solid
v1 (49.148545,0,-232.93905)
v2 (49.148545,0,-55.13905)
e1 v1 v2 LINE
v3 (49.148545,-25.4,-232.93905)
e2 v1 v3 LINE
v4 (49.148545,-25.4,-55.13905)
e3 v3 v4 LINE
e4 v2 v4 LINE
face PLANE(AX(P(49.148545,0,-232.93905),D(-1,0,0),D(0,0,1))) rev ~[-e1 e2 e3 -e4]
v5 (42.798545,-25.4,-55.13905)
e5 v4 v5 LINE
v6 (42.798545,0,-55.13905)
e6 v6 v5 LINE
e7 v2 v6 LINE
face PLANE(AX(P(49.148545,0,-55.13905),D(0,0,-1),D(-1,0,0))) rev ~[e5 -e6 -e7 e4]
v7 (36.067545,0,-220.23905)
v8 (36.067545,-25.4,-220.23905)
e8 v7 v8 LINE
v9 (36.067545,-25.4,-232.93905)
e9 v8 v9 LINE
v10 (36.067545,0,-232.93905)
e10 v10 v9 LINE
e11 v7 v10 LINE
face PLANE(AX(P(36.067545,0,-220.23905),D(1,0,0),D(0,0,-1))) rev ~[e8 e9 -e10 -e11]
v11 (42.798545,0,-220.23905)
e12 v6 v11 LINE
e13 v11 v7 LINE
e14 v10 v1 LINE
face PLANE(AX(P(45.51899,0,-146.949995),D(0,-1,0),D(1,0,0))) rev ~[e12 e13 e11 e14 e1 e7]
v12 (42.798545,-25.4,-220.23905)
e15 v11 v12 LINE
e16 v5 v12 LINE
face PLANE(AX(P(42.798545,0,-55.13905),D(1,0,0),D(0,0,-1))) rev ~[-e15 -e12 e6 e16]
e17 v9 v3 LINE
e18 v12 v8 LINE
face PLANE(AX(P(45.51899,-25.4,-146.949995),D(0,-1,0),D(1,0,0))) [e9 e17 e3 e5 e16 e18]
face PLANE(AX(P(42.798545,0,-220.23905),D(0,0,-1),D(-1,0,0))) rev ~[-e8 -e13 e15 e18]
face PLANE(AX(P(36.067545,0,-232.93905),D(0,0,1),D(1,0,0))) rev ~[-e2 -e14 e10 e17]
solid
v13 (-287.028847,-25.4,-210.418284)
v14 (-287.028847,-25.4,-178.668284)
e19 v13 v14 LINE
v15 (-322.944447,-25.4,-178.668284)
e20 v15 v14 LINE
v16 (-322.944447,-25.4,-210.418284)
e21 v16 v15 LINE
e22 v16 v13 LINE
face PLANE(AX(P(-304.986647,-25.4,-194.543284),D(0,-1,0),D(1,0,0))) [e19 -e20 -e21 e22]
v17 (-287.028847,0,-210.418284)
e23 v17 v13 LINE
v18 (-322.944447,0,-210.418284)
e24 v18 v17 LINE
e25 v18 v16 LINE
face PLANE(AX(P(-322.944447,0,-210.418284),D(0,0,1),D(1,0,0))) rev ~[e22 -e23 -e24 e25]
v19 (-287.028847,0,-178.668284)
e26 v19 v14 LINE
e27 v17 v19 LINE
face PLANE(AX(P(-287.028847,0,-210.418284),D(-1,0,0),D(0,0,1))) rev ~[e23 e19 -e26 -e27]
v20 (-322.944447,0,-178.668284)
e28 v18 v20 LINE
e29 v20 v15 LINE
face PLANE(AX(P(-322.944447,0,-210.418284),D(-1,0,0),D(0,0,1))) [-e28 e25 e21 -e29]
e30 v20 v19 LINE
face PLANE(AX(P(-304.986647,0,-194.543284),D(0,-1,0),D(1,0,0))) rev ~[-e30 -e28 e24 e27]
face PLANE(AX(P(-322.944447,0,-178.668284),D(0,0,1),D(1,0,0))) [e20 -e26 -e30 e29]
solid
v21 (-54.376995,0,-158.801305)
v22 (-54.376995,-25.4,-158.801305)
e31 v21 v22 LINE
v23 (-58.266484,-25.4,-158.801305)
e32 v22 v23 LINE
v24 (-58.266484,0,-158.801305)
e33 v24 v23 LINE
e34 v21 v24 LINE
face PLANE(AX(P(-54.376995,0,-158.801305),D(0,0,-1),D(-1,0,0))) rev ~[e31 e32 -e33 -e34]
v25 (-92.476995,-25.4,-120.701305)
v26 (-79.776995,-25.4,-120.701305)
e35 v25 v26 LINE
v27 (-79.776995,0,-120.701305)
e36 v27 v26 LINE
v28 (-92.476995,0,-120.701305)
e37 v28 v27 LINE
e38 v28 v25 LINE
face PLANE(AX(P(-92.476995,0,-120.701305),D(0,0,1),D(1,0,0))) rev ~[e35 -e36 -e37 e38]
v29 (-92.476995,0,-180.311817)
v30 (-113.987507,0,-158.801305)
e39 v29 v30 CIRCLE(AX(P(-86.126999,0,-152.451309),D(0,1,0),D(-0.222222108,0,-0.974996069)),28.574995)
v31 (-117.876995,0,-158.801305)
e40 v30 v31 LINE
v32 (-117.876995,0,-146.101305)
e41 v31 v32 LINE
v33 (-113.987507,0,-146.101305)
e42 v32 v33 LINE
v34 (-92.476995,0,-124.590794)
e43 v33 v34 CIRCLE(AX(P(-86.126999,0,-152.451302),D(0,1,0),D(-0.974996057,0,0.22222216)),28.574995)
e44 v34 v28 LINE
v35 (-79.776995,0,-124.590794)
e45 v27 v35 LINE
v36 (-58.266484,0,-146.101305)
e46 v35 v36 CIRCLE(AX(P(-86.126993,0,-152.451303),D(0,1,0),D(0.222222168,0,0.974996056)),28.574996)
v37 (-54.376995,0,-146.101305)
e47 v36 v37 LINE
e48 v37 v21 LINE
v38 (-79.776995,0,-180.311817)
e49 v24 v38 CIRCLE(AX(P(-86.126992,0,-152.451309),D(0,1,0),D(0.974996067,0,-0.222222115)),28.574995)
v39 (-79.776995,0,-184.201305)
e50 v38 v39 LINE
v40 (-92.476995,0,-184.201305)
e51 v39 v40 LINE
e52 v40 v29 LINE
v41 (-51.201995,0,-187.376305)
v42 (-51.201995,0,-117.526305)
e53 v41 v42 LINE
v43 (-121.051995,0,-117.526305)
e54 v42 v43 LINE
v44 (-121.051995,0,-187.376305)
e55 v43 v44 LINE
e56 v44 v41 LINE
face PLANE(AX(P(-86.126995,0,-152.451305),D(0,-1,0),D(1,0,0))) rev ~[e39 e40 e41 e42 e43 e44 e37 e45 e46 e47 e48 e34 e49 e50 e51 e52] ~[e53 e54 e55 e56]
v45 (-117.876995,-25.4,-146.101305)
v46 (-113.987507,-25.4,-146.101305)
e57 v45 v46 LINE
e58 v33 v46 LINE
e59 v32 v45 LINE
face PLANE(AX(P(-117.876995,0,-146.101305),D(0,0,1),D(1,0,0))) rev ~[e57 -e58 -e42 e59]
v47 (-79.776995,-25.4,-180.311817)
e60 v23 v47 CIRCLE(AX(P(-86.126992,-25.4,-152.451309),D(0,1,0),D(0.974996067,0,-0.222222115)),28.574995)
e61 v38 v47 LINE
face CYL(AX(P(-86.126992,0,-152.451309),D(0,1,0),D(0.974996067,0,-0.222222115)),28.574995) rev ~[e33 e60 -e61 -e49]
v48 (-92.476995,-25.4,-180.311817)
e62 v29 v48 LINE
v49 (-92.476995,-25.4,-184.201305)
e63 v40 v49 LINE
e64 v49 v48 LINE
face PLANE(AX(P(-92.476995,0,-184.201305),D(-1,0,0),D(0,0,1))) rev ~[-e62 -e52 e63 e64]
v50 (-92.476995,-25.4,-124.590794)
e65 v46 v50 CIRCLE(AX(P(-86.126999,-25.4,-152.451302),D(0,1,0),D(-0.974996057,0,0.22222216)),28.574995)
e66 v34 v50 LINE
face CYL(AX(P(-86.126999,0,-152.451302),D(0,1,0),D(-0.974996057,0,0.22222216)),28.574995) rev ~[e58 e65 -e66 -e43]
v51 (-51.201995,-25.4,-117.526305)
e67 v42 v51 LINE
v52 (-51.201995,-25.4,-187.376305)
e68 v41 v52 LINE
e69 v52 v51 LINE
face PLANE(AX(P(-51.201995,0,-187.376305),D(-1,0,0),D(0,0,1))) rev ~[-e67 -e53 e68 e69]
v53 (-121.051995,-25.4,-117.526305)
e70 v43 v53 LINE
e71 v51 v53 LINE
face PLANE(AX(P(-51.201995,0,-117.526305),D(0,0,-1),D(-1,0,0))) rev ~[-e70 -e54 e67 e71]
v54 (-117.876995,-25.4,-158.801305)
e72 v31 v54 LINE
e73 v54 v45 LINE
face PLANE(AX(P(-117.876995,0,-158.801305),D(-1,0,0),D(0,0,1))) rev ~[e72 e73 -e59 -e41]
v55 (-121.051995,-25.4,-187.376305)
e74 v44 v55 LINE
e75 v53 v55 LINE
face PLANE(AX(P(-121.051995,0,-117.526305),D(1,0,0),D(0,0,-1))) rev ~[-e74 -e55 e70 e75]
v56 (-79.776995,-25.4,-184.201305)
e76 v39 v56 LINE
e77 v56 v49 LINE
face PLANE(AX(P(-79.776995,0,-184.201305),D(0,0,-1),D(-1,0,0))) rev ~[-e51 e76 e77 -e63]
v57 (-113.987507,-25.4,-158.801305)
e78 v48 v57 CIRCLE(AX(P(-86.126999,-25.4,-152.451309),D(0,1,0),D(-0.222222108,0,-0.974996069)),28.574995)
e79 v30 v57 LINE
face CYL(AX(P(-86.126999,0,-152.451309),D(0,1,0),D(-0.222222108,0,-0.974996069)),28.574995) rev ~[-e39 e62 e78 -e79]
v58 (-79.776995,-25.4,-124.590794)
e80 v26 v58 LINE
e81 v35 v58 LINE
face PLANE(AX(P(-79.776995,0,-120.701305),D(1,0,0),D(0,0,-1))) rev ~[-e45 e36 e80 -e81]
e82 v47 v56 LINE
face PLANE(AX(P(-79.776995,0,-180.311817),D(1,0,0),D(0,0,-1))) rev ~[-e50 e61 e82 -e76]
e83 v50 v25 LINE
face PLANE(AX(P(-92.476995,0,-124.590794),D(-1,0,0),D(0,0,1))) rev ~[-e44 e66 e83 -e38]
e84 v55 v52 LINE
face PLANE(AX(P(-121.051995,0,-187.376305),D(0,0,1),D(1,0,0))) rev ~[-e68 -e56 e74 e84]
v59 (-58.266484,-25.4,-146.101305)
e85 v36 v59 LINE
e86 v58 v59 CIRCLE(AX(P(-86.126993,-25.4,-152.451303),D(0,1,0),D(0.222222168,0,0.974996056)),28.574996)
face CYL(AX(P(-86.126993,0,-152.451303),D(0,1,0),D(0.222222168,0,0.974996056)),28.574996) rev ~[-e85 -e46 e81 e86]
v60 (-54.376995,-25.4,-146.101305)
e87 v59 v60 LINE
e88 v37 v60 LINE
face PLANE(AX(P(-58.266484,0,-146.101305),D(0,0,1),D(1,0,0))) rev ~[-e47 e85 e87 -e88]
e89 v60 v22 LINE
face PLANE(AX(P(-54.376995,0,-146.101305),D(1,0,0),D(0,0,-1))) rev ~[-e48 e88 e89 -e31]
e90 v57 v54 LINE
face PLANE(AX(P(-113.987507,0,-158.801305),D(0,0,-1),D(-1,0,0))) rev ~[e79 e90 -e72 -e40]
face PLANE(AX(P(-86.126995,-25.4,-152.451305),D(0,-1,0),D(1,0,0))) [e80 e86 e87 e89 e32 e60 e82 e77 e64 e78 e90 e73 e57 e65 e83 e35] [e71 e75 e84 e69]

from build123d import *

# Parameters (mm, degrees)
F0_W     = 35.9156
F0_H     = 31.75
F1_DEPTH = 25.4


with BuildPart() as f1:
    # F0 (on Front) → F1 (new body)
    with BuildSketch(Plane.XZ):
        Polygon((-92.476995, -117.526305), (-121.051995, -117.526305), (-121.051995, -146.101305), (-121.051995, -158.801305), (-121.051995, -187.376305), (-92.476995, -187.376305), (-86.126995, -187.376305), (-79.776995, -187.376305), (-51.201995, -187.376305), (-51.201995, -158.801305), (-51.201995, -152.451305), (-51.201995, -146.101305), (-51.201995, -117.526305), (-79.776995, -117.526305), (-86.126995, -117.526305), align=None)
        with BuildLine():
            ThreePointArc((-92.476995, -180.311817), (-106.332572, -172.656882), (-113.987507, -158.801305))
            Line((-113.987507, -158.801305), (-117.519751, -158.801305))
            Line((-117.519751, -158.801305), (-117.876995, -158.801305))
            Line((-117.876995, -158.801305), (-117.876995, -152.451305))
            Line((-117.876995, -152.451305), (-117.876995, -146.101305))
            Line((-117.876995, -146.101305), (-117.519751, -146.101305))
            Line((-117.519751, -146.101305), (-113.987507, -146.101305))
            ThreePointArc((-113.987507, -146.101305), (-106.332572, -132.245729), (-92.476995, -124.590794))
            Line((-92.476995, -124.590794), (-92.476995, -121.058549))
            Line((-92.476995, -121.058549), (-92.476995, -120.701305))
            Line((-92.476995, -120.701305), (-86.126995, -120.701305))
            Line((-86.126995, -120.701305), (-79.776995, -120.701305))
            Line((-79.776995, -120.701305), (-79.776995, -121.058549))
            Line((-79.776995, -121.058549), (-79.776995, -124.590794))
            ThreePointArc((-79.776995, -124.590794), (-65.921419, -132.245729), (-58.266484, -146.101305))
            Line((-58.266484, -146.101305), (-54.734239, -146.101305))
            Line((-54.734239, -146.101305), (-54.376995, -146.101305))
            Line((-54.376995, -146.101305), (-54.376995, -152.451305))
            Line((-54.376995, -152.451305), (-54.376995, -158.801305))
            Line((-54.376995, -158.801305), (-54.734239, -158.801305))
            Line((-54.734239, -158.801305), (-58.266484, -158.801305))
            ThreePointArc((-58.266484, -158.801305), (-65.921419, -172.656882), (-79.776995, -180.311817))
            Line((-79.776995, -180.311817), (-79.776995, -183.844061))
            Line((-79.776995, -183.844061), (-79.776995, -184.201305))
            Line((-79.776995, -184.201305), (-86.126995, -184.201305))
            Line((-86.126995, -184.201305), (-92.476995, -184.201305))
            Line((-92.476995, -184.201305), (-92.476995, -183.844061))
            Line((-92.476995, -183.844061), (-92.476995, -180.311817))
        make_face(mode=Mode.SUBTRACT)
        Polygon((36.067545, -220.23905), (36.067545, -232.93905), (49.148545, -232.93905), (49.148545, -220.23905), (49.148545, -55.13905), (42.798545, -55.13905), (42.798545, -220.23905), align=None)
        with Locations((-304.986647, -194.543284)):
            Rectangle(F0_W, F0_H)
    extrude(amount=F1_DEPTH)


solid = f1.part
